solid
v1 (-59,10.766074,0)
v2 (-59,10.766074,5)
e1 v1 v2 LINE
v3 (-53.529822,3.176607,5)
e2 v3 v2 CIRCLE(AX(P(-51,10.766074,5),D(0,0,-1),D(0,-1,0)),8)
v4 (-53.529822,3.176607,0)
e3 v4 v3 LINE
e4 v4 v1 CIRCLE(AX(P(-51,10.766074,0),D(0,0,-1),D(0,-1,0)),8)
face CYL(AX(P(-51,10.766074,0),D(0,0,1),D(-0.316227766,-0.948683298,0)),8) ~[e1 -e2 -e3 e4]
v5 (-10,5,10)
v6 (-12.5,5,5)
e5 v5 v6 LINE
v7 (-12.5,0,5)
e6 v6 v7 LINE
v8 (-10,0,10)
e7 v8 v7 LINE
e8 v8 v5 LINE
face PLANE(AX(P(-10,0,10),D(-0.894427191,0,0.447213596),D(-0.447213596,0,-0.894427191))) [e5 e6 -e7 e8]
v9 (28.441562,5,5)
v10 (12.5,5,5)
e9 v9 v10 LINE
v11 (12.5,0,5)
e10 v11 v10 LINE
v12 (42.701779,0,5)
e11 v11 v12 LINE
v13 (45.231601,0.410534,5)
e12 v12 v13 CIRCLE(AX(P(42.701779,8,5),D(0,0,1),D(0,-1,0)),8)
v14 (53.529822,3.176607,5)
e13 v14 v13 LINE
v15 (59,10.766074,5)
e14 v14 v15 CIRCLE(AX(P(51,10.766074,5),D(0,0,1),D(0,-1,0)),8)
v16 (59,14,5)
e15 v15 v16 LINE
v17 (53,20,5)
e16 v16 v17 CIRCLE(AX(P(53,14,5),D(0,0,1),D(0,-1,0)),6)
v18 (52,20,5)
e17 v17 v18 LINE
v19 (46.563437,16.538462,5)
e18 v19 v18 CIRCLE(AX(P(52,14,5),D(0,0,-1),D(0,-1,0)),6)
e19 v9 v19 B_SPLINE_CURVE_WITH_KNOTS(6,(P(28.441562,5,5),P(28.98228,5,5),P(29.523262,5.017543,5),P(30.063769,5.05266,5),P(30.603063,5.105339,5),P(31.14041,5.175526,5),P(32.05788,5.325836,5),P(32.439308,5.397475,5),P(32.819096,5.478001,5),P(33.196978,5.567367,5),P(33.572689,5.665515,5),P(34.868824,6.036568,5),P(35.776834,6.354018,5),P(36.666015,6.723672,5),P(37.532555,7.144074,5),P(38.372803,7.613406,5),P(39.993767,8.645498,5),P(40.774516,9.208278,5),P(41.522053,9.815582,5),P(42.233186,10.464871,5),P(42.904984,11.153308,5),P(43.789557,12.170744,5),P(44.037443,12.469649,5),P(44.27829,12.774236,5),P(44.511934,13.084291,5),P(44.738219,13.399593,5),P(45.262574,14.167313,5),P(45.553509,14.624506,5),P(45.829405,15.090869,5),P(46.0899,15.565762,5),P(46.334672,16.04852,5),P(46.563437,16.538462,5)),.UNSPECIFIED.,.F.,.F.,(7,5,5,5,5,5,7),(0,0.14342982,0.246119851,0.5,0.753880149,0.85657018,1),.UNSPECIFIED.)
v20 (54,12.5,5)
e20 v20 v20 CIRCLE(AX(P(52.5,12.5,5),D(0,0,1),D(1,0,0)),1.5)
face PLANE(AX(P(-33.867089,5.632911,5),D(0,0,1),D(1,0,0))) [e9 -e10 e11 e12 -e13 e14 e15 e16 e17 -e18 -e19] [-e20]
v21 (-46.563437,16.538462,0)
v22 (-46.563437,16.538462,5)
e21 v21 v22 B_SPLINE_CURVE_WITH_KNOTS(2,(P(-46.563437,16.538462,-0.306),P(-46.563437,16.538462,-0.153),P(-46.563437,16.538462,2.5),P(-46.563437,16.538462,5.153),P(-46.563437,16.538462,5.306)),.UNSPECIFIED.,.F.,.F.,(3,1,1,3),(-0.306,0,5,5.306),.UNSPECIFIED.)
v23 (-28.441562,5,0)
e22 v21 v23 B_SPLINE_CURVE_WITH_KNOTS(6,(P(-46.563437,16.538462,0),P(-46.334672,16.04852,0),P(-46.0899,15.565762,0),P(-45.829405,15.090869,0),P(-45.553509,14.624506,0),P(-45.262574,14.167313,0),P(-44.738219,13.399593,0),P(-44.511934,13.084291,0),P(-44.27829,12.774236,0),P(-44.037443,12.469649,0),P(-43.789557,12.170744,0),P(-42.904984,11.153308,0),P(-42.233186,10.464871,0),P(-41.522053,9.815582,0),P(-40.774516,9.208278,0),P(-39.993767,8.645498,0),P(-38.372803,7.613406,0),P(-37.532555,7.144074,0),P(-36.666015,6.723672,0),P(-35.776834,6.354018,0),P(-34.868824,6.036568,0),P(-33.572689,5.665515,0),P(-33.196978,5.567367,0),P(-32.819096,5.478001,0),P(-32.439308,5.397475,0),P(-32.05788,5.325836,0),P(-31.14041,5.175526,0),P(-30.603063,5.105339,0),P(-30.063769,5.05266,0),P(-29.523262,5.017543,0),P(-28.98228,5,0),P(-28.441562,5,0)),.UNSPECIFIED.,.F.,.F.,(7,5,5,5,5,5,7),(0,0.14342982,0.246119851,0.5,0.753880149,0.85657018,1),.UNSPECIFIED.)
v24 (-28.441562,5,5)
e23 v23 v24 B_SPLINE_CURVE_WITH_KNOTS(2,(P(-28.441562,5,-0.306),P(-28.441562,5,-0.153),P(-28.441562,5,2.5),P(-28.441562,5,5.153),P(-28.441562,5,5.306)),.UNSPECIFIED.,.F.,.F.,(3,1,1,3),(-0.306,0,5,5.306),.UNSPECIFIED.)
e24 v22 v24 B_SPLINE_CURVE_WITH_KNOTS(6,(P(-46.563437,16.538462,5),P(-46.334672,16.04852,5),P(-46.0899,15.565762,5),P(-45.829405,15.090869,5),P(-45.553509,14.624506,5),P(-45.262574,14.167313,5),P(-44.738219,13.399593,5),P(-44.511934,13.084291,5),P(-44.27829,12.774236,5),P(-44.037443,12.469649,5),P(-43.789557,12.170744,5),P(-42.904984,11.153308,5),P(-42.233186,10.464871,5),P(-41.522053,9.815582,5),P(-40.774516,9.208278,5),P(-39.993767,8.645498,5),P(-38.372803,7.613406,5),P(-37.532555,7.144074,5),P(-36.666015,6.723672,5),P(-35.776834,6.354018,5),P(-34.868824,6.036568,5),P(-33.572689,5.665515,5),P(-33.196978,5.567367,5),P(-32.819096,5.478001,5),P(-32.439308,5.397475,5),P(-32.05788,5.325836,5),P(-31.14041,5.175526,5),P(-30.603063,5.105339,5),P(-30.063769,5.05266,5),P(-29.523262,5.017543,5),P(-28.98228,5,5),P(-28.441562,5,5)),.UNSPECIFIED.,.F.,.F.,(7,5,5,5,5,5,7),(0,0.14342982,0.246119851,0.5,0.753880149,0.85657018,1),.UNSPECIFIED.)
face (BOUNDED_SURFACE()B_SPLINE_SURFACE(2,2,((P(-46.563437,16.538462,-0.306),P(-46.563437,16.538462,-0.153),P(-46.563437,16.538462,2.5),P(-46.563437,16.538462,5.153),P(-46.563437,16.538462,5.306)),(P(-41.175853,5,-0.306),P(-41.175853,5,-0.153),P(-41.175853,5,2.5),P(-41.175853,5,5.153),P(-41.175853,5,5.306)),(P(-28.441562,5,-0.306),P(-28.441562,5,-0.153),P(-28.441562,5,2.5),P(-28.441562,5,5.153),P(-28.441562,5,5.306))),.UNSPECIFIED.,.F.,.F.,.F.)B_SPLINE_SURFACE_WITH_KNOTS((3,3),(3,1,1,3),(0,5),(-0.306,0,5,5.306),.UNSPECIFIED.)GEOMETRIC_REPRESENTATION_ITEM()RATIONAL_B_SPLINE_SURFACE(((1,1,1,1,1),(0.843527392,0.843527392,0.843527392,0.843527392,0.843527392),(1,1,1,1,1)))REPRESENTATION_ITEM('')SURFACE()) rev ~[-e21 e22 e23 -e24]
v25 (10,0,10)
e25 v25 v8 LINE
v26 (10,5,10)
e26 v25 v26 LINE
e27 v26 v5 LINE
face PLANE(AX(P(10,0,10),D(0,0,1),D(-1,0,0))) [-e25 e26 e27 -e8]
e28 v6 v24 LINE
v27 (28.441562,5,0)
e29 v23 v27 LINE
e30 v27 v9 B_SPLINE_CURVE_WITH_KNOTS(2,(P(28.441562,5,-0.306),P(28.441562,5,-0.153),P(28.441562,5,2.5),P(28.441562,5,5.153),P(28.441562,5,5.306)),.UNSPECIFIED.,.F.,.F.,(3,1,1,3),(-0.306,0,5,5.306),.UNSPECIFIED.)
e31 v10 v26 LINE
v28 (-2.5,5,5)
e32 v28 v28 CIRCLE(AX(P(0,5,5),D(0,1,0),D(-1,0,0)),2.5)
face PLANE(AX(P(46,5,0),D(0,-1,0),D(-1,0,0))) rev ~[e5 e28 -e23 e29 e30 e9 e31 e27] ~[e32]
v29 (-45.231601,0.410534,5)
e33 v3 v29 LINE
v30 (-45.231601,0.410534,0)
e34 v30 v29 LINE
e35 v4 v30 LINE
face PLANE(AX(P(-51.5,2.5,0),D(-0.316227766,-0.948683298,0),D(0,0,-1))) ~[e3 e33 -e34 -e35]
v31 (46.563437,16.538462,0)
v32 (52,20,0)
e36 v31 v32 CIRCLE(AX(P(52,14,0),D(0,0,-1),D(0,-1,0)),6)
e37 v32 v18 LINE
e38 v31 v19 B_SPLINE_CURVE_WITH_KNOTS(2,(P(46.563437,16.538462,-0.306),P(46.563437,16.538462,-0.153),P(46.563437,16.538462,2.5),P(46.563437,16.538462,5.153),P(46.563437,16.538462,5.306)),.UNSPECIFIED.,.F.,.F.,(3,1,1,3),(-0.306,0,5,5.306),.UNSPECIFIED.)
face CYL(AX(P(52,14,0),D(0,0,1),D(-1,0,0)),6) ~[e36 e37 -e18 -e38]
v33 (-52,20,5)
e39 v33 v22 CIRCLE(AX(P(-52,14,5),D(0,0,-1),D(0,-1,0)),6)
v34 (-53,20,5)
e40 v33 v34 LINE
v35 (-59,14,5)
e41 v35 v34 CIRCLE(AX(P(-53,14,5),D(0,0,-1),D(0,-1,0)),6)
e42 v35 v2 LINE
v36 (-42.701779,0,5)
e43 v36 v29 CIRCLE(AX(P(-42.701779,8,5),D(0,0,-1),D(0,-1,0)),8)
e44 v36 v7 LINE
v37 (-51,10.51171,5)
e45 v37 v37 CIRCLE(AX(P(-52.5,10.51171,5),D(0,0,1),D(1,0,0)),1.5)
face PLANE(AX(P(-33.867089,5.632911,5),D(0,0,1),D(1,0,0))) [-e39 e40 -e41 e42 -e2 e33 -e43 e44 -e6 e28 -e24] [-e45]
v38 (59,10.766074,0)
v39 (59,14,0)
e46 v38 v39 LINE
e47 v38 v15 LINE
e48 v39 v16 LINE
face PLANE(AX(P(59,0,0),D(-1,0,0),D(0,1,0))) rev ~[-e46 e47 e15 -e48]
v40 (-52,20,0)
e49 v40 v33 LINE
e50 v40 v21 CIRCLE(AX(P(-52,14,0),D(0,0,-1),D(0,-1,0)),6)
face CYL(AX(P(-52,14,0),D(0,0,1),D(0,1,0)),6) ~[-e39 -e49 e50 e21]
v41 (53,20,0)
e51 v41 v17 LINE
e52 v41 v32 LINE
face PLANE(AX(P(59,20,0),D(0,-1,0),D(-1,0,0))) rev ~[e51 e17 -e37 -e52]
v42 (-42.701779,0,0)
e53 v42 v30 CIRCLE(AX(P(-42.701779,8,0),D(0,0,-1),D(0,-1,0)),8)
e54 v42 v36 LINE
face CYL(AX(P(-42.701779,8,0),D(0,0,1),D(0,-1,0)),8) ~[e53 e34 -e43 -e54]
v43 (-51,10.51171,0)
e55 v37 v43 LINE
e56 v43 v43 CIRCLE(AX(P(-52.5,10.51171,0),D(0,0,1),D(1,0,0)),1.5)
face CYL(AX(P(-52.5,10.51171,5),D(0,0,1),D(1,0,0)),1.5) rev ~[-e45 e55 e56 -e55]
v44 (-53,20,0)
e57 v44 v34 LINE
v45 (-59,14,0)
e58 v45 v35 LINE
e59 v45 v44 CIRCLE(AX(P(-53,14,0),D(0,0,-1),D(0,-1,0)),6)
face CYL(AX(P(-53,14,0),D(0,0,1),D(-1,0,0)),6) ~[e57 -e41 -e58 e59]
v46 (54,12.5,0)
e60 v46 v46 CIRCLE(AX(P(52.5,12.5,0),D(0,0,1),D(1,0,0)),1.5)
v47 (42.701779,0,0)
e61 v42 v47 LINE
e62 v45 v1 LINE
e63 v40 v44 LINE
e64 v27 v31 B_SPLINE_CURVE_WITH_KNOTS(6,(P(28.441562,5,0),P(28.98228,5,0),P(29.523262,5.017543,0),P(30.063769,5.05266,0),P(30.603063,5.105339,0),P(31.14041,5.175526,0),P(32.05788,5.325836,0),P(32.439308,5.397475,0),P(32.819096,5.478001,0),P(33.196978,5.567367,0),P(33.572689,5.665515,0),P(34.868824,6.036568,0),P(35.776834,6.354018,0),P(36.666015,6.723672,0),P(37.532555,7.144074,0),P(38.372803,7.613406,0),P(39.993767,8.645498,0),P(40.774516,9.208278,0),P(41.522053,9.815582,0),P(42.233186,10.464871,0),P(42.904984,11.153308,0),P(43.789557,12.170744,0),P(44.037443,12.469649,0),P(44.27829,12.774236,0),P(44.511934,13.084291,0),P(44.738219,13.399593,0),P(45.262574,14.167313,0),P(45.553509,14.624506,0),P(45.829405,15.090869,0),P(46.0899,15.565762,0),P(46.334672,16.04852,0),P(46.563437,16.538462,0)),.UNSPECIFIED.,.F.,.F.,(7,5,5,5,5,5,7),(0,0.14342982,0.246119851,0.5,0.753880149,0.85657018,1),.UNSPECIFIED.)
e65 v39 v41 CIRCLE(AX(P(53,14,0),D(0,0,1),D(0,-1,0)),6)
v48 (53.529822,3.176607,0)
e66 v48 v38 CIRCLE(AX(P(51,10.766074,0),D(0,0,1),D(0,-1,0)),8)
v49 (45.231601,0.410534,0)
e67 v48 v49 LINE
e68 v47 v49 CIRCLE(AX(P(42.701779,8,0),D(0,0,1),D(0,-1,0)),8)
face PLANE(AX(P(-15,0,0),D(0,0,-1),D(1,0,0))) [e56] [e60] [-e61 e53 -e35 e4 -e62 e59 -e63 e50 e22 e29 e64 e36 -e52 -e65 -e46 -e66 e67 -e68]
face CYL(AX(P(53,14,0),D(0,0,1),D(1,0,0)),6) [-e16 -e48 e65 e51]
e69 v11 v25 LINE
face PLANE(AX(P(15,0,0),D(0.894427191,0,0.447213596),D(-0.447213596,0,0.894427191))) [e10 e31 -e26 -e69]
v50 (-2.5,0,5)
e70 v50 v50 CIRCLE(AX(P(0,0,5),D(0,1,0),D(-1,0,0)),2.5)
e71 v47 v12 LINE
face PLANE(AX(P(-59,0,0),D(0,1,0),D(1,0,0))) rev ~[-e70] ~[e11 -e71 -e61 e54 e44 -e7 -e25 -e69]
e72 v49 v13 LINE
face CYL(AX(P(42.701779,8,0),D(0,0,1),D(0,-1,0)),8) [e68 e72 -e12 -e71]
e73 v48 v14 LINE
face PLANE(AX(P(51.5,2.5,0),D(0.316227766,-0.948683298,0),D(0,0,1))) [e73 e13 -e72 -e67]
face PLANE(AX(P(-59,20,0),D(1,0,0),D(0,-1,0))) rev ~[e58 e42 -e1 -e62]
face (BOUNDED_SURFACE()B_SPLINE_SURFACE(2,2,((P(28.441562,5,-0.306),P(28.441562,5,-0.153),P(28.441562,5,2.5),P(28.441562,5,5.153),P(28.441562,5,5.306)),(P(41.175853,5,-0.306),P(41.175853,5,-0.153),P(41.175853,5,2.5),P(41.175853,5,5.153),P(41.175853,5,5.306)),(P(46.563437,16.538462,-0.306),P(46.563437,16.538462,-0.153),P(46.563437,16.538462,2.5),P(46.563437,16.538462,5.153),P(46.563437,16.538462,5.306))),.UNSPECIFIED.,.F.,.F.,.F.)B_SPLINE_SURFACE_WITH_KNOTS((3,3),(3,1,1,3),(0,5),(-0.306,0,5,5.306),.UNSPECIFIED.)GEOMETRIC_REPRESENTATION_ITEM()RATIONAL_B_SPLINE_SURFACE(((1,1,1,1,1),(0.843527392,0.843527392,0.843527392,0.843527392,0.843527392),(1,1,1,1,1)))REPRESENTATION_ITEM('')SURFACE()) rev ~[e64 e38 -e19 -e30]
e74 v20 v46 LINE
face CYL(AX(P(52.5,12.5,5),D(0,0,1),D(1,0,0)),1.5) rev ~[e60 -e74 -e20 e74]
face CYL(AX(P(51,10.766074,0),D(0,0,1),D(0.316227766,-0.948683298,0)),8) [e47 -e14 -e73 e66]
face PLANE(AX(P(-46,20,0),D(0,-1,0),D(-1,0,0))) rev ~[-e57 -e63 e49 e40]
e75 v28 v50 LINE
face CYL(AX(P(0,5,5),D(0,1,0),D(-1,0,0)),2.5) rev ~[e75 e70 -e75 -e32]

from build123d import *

# Parameters (mm, degrees)
F1_DEPTH    = 5
F3_DEPTH    = 5
F4_R        = 2.5
F5_DEPTH    = 25
F6_R        = 6
F7_R        = 1.5
F8_DEPTH    = 25
F9_R        = 20
F10_SIZE2   = 15
F10_SIZE    = 5
F10_2_SIZE2 = 15
F10_2_SIZE  = 5
F11_R       = 8


with BuildPart() as f1:
    # F0 (on Top) → F1 (new body)
    with BuildSketch(Plane.XY):
        Polygon((-59, 0), (0, 0), (0, 5), (-46, 5), (-46, 20), (-59, 20), align=None)
        Polygon((0, 5), (0, 0), (59, 0), (59, 20), (46, 20), (46, 5), align=None)
    extrude(amount=F1_DEPTH)

    # F2 (on Front) → F3 (join)
    with BuildSketch(Plane.XZ):
        Polygon((0, 10), (0, 0), (15, 0), (10, 10), align=None)
        Polygon((-15, 0), (0, 0), (0, 10), (-10, 10), align=None)
    extrude(amount=-F3_DEPTH)

    # F4 (on face) → F5 (cut)
    with BuildSketch(Plane(origin=(0, 5, 0), x_dir=(-1, 0, 0), z_dir=(0, 1, 0))):
        with Locations((0, 5)):
            Circle(F4_R)
    extrude(amount=-F5_DEPTH, mode=Mode.SUBTRACT)

    # F6
    f6_edges = [f1.edges().sort_by_distance(p)[0] for p in [
        (59, 20, 2.5),
        (46, 20, 2.5),
        (-46, 20, 2.5),
        (-59, 20, 2.5),
    ]]
    fillet(f6_edges, radius=F6_R)

    # F7 (on face) → F8 (cut)
    with BuildSketch(Plane.XY.offset(5)):
        with Locations((52.5, 12.5)):
            Circle(F7_R)
        with Locations((-52.5, 10.5117103085)):
            Circle(F7_R)
    extrude(amount=-F8_DEPTH, mode=Mode.SUBTRACT)

    # F9
    f9_edges = [f1.edges().sort_by_distance(p)[0] for p in [
        (46, 5, 2.5),
        (-46, 5, 2.5),
    ]]
    fillet(f9_edges, radius=F9_R)

    # F10
    f10_edges = [f1.edges().sort_by_distance(p)[0] for p in [
        (59, 0, 2.5),
    ]]
    f10_side = f1.faces().sort_by_distance((59, 7, 2.5))[0]
    chamfer(f10_edges, length=F10_SIZE, length2=F10_SIZE2, reference=f10_side)

    # F10#2
    f10_2_edges = [f1.edges().sort_by_distance(p)[0] for p in [
        (-59, 0, 2.5),
    ]]
    f10_2_side = f1.faces().sort_by_distance((-59, 7, 2.5))[0]
    chamfer(f10_2_edges, length=F10_2_SIZE, length2=F10_2_SIZE2, reference=f10_2_side)

    # F11
    f11_edges = [f1.edges().sort_by_distance(p)[0] for p in [
        (59, 5, 2.5),
        (44, 0, 2.5),
        (-44, 0, 2.5),
        (-59, 5, 2.5),
    ]]
    fillet(f11_edges, radius=F11_R)


solid = f1.part
